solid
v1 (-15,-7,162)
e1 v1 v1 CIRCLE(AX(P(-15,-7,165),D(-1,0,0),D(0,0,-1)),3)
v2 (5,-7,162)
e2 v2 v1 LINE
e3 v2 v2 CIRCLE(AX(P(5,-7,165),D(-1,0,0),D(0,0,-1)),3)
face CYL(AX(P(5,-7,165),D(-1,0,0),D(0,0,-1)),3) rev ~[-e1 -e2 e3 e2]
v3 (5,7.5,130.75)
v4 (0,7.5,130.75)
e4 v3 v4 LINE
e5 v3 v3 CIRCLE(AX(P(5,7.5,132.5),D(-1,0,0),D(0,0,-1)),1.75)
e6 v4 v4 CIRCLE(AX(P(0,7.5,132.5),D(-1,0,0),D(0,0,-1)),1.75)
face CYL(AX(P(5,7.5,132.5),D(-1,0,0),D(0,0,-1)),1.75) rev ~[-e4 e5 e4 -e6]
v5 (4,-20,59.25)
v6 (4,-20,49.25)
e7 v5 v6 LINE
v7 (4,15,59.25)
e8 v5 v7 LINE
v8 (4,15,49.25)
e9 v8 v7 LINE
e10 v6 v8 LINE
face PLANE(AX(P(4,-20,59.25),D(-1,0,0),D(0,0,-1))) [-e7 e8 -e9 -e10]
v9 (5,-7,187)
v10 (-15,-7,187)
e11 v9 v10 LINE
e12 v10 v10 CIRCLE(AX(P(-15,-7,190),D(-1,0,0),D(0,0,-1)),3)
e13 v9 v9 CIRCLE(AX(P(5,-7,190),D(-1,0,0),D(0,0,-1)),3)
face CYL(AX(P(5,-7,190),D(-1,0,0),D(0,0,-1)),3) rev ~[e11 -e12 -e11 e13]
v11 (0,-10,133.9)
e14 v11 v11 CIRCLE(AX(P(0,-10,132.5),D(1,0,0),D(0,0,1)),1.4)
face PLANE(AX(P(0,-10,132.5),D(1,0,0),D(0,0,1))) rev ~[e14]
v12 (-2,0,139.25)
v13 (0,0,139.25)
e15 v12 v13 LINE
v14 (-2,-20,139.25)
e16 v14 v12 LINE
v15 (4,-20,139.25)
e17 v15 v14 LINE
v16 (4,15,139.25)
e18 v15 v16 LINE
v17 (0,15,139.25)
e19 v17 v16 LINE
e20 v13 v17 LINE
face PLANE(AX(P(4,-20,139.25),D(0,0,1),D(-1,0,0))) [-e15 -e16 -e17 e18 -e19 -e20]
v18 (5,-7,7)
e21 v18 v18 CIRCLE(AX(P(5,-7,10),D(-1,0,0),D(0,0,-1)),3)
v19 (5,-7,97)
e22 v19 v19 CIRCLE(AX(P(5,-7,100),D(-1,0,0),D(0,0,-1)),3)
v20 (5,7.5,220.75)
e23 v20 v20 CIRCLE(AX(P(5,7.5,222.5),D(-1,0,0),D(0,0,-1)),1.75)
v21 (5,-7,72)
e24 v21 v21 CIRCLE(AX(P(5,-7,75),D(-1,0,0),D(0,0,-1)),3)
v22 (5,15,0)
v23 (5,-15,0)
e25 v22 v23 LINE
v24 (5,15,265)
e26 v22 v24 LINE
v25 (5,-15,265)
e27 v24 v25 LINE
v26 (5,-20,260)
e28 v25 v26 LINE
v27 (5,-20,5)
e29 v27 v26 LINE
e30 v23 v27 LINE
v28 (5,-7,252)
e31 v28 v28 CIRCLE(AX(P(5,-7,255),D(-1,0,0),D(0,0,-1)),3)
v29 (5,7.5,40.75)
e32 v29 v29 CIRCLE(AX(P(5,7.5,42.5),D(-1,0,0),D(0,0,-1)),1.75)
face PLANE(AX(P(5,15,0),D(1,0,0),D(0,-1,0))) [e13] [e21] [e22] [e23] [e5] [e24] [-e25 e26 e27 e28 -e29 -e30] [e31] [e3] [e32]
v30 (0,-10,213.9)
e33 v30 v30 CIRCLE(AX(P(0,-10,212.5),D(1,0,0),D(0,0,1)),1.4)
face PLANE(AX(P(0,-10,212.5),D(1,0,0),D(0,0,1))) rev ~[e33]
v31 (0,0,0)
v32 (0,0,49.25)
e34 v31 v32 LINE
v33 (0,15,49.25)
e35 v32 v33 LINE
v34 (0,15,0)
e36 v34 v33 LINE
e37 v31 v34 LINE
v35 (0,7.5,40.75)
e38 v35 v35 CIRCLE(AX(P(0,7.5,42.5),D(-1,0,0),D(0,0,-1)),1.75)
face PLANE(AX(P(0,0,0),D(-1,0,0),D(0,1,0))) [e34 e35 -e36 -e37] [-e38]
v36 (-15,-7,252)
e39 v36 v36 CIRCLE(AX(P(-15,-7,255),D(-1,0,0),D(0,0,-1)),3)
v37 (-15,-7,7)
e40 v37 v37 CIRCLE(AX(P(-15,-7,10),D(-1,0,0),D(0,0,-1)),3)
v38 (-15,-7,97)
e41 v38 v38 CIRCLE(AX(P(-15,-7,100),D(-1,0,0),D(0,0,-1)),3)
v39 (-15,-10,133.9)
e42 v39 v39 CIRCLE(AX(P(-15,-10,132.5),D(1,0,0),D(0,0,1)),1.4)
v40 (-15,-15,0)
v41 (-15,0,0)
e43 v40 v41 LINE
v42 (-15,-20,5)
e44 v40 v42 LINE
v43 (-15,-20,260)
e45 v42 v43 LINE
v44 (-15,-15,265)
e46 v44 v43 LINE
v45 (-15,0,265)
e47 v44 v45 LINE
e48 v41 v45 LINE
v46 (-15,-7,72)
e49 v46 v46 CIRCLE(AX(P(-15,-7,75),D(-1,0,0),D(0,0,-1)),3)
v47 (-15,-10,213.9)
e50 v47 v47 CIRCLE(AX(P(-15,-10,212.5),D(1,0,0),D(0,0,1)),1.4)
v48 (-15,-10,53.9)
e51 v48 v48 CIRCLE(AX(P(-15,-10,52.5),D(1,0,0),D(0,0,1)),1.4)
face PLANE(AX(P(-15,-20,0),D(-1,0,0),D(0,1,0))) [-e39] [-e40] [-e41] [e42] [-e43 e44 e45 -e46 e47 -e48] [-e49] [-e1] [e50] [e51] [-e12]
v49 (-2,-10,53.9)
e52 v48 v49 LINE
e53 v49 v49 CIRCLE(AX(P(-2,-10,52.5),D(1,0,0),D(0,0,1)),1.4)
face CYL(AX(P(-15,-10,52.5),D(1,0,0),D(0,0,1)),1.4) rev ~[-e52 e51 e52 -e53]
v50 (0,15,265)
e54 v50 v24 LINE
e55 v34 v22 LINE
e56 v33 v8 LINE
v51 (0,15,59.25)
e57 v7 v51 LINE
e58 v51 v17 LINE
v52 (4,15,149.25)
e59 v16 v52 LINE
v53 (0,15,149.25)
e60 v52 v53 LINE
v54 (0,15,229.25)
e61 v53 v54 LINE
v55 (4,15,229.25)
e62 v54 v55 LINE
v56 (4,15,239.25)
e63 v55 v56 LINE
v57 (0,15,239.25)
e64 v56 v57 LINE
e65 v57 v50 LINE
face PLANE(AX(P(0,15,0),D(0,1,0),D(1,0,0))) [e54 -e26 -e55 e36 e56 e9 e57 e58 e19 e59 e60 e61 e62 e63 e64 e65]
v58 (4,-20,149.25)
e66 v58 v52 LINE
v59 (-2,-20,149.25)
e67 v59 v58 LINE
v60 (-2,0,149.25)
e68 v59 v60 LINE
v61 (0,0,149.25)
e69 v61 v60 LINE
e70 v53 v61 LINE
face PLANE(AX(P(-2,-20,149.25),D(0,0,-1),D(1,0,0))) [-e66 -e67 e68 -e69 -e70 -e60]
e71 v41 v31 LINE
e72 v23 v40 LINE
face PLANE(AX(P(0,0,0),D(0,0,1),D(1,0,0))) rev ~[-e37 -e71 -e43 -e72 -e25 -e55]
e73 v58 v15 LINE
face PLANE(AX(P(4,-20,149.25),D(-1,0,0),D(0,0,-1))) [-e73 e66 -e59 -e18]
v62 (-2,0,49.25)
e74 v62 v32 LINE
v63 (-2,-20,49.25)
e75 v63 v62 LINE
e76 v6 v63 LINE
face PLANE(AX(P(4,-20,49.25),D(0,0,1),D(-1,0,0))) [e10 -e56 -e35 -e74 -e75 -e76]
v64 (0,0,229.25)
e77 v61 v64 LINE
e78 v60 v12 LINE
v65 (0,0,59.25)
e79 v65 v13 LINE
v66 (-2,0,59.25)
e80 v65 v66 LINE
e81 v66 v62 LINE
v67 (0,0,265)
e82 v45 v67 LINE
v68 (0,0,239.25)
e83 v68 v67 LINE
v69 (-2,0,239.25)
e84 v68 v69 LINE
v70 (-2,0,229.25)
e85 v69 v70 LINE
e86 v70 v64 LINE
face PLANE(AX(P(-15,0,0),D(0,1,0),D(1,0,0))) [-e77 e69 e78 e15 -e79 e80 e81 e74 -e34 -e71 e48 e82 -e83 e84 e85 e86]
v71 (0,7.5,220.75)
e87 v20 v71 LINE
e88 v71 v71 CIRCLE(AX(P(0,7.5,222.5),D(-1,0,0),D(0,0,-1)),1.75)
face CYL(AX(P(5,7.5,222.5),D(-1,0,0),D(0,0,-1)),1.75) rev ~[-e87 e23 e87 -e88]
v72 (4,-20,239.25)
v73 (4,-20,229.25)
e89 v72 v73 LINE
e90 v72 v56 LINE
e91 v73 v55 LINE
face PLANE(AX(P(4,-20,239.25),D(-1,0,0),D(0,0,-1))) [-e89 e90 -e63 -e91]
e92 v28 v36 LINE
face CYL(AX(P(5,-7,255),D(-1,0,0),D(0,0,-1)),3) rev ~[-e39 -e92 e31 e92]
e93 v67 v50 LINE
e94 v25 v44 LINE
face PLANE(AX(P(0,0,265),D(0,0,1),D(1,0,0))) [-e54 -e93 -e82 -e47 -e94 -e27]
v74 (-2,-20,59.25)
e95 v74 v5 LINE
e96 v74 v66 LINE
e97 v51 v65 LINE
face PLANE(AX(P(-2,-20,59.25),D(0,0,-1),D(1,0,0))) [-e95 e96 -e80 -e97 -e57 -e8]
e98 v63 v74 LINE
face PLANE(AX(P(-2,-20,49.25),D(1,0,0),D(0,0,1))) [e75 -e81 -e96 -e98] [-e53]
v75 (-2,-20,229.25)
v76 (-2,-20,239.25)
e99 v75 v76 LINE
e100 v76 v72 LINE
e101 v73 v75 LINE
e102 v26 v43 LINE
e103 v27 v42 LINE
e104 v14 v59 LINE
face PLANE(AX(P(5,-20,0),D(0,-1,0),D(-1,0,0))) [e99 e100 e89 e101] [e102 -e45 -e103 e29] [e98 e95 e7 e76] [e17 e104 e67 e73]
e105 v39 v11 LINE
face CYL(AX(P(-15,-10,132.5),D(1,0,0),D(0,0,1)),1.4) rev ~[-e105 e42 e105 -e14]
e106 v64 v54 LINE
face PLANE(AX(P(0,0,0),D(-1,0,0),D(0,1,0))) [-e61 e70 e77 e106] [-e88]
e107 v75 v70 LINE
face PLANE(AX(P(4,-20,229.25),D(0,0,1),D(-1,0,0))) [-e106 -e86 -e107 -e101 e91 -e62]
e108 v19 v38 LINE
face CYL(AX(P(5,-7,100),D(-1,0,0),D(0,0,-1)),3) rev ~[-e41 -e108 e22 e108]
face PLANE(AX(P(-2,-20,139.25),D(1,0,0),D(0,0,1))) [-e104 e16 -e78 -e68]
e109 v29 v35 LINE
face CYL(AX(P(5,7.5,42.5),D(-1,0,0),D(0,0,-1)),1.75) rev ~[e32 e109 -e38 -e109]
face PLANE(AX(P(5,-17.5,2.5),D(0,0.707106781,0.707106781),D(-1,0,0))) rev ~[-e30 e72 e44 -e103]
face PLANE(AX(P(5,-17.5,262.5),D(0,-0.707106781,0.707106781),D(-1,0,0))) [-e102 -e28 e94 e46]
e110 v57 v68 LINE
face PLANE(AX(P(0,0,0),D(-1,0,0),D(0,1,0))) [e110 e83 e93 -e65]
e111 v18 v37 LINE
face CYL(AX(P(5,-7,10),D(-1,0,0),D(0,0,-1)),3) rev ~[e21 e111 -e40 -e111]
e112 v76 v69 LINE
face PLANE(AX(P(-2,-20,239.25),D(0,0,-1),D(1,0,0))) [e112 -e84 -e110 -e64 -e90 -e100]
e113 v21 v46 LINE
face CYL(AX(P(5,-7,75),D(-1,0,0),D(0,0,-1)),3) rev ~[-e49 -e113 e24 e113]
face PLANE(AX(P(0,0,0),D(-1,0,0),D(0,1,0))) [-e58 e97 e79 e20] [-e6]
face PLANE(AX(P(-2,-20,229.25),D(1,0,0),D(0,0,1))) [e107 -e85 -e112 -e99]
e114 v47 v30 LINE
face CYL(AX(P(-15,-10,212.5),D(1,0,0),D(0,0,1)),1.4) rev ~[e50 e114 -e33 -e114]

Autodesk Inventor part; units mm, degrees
ref_plane "YZ Plane" through (0, 0, 0) normal (1, 0, 0) x (0, 1, 0)
ref_plane "XZ Plane" through (0, 0, 0) normal (0, 1, 0) x (-1, 0, 0)
ref_plane "XY Plane" through (0, 0, 0) normal (0, 0, 1) x (1, 0, 0)
sketch "Sketch1" plane through (0, 0, 0) normal (0, 0, 1) x (1, 0, 0)
  line L0 (0, 0) -> (0, 15)
  line L1 (0, 15) -> (5, 15)
  line L2 (5, 15) -> (5, -20)
  line L3 (5, -20) -> (-15, -20)
  line L4 (-15, -20) -> (-15, 0)
  line L5 (-15, 0) -> (0, 0)
  dimension "d0" = 15
  dimension "d1" = 5
  dimension "d2" = 35
extrude "Extrusion1" add sketch "Sketch1" along normal blind 265
sketch "Sketch2" plane through (5, -20, 0) normal (1, 0, 0) x (0, 0, -1)
  line L0 (0, 0) -> (0, 35) projected
  line L1 (0, 35) -> (-265, 35) projected
  line L2 (-265, 0) -> (-265, 35) projected
  line L3 (0, 0) -> (-265, 0) projected
  point P0 (0, 20)
  point P1 (-222.5, 27.5)
  point P2 (-132.5, 27.5)
  point P3 (-42.5, 27.5)
  point P4 (-132.5, 35)
  dimension "d5" = 90
  dimension "d6" = 90
  dimension "d7" = 7.5
hole "Hole1" at (5, 7.5, 222.5) at (5, 7.5, 132.5) at (5, 7.5, 42.5) direction (-1, 0, 0) diameter 3.5 end through all
chamfer "Chamfer1" distance 5 angle 45 2 edges at (-5, -20, 265) (-5, -20, 0)
sketch "Sketch3" plane through (-15, 0, 0) normal (-1, 0, 0) x (0, 0, 1)
  line L0 (5, -20) -> (260, -20) projected
  line L1 (265, -15) -> (260, -20) projected
  line L2 (265, 0) -> (265, -15) projected
  line L3 (5, -20) -> (0, -15) projected
  line L4 (0, 0) -> (0, -15) projected
  line L5 (0, 0) -> (265, 0) projected
  point P0 (52.5, -10)
  point P1 (132.5, -10)
  point P2 (212.5, -10)
  point P3 (132.5, -20)
  dimension "d18" = 80
  dimension "d19" = 80
  dimension "d20" = 10
hole "Hole2" at (-15, -10, 52.5) at (-15, -10, 132.5) at (-15, -10, 212.5) direction (1, 0, 0) diameter 2.8 depth 15
sketch "Sketch4" plane through (5, 15, 265) normal (1, 0, 0) x (0, 0, -1)
  circle A0 centre (132.5, -7.5) radius 1.75 projected
  circle A1 centre (42.5, -7.5) radius 1.75 projected
  circle A2 centre (222.5, -7.5) radius 1.75 projected
  line L0 (265, -30) -> (260, -35) projected
  line L1 (265, -30) -> (265, 0) projected
  line L2 (265, 0) -> (0, 0) projected
  line L3 (0, -30) -> (0, 0) projected
  line L4 (5, -35) -> (0, -30) projected
  line L5 (260, -35) -> (5, -35) projected
  point P0 (265, -15)
  point P1 (10, -22)
  point P2 (75, -22)
  point P3 (100, -22)
  point P4 (165, -22)
  point P5 (255, -22)
  point P6 (190, -22)
  dimension "d28" = 10
  dimension "d29" = 22
  dimension "d30" = 65
  dimension "d31" = 25
  dimension "d32" = 65
  dimension "d33" = 65
  dimension "d34" = 25
  dimension "d43" = 10
hole "Hole3" at (5, -7, 255) at (5, -7, 190) at (5, -7, 165) at (5, -7, 100) at (5, -7, 10) at (5, -7, 75) direction (-1, 0, 0) diameter 6 end through all
sketch "Sketch5" plane through (-15, -20, 5) normal (0, -1, 0) x (1, 0, 0)
  line L0 (20, 0) -> (0, 0) projected
  line L1 (20, 0) -> (20, 255) projected
  line L2 (0, 255) -> (20, 255) projected
  line L3 (0, 0) -> (0, 255) projected
  line L4 (15, 35.75) -> (15, 39.25) projected
  line L5 (20, 39.25) -> (20, 35.75) projected
  line L6 (15, 125.75) -> (15, 129.25) projected
  line L7 (20, 129.25) -> (20, 125.75) projected
  line L8 (15, 215.75) -> (15, 219.25) projected
  line L9 (20, 219.25) -> (20, 215.75) projected
  line L10 (19, 224.25) -> (13, 224.25)
  line L11 (13, 224.25) -> (13, 234.25)
  line L12 (13, 234.25) -> (19, 234.25)
  line L13 (19, 234.25) -> (19, 224.25)
  line L14 (19, 134.25) -> (13, 134.25)
  line L15 (13, 134.25) -> (13, 144.25)
  line L16 (13, 144.25) -> (19, 144.25)
  line L17 (19, 144.25) -> (19, 134.25)
  line L18 (19, 44.25) -> (13, 44.25)
  line L19 (13, 44.25) -> (13, 54.25)
  line L20 (13, 54.25) -> (19, 54.25)
  line L21 (19, 54.25) -> (19, 44.25)
  point P0 (15, -5)
  dimension "d44" = 1
  dimension "d45" = 5
  dimension "d46" = 5
  dimension "d47" = 5
  dimension "d48" = 10
  dimension "d49" = 6
extrude "Extrusion2" cut sketch "Sketch5" against normal through all contours L10 L11 L12 L13 | L14 L15 L16 L17 | L18 L19 L20 L21
equation "\"d6\" = d5"
equation "\"d19\" = d18"
equation "\"d32\" = d30"
equation "\"d33\" = d32"
equation "\"d34\" = d31"
equation "\"d46\" = d45"
equation "\"d47\" = d45"
properties part number "Toolhead Dock Assembly" material "ABS Plastic"
